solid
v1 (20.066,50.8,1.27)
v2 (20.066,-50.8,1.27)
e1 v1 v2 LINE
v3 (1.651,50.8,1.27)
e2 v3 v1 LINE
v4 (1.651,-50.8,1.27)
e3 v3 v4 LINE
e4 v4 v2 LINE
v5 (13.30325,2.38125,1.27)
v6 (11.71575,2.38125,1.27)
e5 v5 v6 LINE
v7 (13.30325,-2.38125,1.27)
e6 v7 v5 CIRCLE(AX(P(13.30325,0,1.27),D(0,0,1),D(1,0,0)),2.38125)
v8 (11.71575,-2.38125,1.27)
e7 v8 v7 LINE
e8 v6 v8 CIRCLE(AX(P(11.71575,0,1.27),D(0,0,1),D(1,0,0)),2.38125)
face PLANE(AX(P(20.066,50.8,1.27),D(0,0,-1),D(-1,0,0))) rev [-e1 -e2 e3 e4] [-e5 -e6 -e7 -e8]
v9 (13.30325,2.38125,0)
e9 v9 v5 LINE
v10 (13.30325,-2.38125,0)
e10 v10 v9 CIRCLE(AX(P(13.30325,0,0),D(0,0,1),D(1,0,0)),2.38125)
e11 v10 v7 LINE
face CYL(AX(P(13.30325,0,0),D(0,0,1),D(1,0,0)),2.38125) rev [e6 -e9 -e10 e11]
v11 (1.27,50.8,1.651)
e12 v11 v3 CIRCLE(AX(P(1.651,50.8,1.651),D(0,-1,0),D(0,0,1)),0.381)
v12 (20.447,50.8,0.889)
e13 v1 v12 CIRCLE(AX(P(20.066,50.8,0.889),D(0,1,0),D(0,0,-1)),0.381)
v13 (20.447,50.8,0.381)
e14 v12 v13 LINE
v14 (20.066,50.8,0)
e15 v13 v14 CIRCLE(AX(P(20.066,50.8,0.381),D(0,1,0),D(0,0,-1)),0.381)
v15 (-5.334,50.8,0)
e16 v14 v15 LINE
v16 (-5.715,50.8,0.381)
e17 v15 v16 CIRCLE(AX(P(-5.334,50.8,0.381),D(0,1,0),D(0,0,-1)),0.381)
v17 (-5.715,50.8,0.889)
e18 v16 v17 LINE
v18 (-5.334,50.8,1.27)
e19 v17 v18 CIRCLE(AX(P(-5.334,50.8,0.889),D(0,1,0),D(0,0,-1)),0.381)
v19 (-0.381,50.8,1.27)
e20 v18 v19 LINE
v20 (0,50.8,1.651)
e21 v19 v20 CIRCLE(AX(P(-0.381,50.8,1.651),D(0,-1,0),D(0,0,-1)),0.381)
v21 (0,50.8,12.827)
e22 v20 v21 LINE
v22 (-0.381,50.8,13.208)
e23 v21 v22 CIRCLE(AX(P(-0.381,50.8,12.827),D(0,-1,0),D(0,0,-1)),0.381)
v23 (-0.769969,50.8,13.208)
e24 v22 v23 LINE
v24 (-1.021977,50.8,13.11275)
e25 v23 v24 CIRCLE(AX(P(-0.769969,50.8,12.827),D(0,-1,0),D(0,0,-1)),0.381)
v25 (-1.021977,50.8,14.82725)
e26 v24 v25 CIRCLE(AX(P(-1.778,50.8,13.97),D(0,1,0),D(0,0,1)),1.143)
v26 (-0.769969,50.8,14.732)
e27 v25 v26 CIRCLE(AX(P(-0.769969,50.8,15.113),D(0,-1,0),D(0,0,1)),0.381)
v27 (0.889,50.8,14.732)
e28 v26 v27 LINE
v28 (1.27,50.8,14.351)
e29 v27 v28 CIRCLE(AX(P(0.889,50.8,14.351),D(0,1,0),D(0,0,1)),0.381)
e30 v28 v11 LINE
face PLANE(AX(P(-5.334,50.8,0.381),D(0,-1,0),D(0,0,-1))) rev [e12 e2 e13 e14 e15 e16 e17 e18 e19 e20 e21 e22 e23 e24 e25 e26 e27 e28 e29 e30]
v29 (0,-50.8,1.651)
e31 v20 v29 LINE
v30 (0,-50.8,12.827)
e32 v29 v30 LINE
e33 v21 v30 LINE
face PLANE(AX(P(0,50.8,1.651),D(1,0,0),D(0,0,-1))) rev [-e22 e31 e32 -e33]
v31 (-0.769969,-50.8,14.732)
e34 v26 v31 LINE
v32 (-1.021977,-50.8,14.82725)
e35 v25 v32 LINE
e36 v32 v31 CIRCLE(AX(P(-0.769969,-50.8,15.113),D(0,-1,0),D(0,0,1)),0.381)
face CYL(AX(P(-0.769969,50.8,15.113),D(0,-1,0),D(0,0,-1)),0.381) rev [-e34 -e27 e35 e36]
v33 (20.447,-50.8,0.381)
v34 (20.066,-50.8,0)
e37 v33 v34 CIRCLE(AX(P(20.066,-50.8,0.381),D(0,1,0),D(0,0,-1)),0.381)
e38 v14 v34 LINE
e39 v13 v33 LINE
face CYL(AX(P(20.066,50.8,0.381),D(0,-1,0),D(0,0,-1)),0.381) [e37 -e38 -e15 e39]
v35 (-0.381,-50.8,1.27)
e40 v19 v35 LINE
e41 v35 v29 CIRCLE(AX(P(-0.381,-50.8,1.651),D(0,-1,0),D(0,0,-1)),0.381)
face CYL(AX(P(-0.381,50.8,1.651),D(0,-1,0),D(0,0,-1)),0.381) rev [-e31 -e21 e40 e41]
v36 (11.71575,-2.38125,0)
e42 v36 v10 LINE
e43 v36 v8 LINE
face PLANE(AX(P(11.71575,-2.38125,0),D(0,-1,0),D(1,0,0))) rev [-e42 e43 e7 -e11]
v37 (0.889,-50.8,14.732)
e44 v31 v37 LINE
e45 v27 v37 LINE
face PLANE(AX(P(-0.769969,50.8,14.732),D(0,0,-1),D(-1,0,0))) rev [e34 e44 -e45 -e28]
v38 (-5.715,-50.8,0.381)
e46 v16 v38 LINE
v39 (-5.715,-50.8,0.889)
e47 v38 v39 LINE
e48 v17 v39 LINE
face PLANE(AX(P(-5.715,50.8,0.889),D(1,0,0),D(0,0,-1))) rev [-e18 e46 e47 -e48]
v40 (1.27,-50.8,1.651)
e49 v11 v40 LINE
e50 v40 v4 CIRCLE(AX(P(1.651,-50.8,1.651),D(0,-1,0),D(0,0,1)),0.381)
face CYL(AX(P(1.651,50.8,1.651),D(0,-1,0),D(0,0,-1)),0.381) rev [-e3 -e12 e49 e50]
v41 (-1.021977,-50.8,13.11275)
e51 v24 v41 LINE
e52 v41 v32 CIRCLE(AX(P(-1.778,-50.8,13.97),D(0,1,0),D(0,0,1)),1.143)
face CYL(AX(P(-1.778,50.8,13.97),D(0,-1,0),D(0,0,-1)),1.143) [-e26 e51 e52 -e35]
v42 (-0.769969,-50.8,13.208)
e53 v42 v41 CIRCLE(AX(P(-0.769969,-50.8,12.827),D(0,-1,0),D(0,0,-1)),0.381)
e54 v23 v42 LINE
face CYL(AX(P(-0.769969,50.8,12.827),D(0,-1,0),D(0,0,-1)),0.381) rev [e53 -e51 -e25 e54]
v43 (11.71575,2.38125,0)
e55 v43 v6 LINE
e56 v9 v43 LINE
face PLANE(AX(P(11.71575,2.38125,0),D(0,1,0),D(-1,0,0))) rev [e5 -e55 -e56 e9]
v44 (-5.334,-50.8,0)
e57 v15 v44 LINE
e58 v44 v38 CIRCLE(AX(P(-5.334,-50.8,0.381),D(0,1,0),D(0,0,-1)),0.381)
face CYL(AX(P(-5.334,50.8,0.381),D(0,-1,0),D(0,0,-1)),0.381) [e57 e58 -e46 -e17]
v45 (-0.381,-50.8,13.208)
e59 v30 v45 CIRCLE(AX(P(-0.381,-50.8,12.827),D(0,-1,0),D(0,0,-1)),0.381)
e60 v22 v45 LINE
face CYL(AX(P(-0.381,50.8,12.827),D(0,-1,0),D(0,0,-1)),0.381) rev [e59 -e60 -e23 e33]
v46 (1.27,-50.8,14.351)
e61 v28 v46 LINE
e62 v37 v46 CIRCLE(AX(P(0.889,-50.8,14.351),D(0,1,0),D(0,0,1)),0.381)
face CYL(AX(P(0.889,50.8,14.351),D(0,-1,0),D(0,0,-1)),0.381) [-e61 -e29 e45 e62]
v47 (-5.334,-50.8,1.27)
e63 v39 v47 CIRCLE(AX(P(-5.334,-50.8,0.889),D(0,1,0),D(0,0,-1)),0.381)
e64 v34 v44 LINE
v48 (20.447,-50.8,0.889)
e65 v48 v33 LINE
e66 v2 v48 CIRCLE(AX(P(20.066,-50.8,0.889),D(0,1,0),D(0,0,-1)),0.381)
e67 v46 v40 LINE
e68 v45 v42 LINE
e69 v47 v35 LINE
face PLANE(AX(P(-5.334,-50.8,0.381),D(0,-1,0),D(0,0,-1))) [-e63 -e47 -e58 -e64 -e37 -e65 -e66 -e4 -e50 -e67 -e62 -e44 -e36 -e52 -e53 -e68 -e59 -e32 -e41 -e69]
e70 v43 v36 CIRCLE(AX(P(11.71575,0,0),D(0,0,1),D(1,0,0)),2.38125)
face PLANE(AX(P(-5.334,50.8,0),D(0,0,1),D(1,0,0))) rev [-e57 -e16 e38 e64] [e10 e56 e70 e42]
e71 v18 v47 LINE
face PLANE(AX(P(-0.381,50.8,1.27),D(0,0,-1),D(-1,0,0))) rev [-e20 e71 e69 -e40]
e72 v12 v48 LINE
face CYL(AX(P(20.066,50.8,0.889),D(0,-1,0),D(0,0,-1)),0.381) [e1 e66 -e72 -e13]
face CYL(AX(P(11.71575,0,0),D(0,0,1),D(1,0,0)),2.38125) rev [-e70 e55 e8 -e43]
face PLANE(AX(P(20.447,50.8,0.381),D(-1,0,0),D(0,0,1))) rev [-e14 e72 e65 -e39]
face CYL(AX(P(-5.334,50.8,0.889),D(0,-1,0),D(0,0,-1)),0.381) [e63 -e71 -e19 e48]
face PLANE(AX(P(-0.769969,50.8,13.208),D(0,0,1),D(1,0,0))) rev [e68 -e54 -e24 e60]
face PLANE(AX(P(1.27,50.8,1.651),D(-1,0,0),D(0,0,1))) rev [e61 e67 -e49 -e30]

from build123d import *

# Parameters (mm, degrees)
BOSS_EXTRUDE1_DEPTH = 50.8
CUT_EXTRUDE1_DEPTH  = 2.27


with BuildPart() as part:
    # Sketch2 → Boss-Extrude1 (new body, symmetric)
    with BuildSketch(Plane(origin=(0, 0, 0), x_dir=(1, 0, 0), z_dir=(0, 1, 0))):
        with BuildLine():
            Line((-5.334, 0), (20.066, 0))
            ThreePointArc((20.066, 0), (20.335407684, -0.111592316), (20.447, -0.381))
            Line((20.447, -0.381), (20.447, -0.889))
            ThreePointArc((20.447, -0.889), (20.335407684, -1.158407684), (20.066, -1.27))
            Line((20.066, -1.27), (1.651, -1.27))
            ThreePointArc((1.651, -1.27), (1.381592316, -1.381592316), (1.27, -1.651))
            Line((1.27, -1.651), (1.27, -14.351))
            ThreePointArc((1.27, -14.351), (1.158407684, -14.620407684), (0.889, -14.732))
            Line((0.889, -14.732), (-0.76996875, -14.732))
            ThreePointArc((-0.76996875, -14.732), (-0.904672592, -14.756607134), (-1.021976563, -14.82725))
            ThreePointArc((-1.021976563, -14.82725), (-2.921, -13.97), (-1.021976563, -13.11275))
            ThreePointArc((-1.021976563, -13.11275), (-0.904672592, -13.183392866), (-0.76996875, -13.208))
            Line((-0.76996875, -13.208), (-0.381, -13.208))
            ThreePointArc((-0.381, -13.208), (-0.111592316, -13.096407684), (0, -12.827))
            Line((0, -12.827), (0, -1.651))
            ThreePointArc((0, -1.651), (-0.111592316, -1.381592316), (-0.381, -1.27))
            Line((-0.381, -1.27), (-5.334, -1.27))
            ThreePointArc((-5.334, -1.27), (-5.603407684, -1.158407684), (-5.715, -0.889))
            Line((-5.715, -0.889), (-5.715, -0.381))
            ThreePointArc((-5.715, -0.381), (-5.603407684, -0.111592316), (-5.334, 0))
        make_face()
    extrude(amount=BOSS_EXTRUDE1_DEPTH, both=True)

    # Sketch3 → Cut-Extrude1 (cut, through all)
    with BuildSketch(Plane.XY.offset(1.27)):
        with BuildLine():
            Line((11.71575, 2.38125), (13.30325, 2.38125))
            ThreePointArc((13.30325, 2.38125), (15.6845, 0), (13.30325, -2.38125))
            Line((13.30325, -2.38125), (11.71575, -2.38125))
            ThreePointArc((11.71575, -2.38125), (9.3345, 0), (11.71575, 2.38125))
        make_face()
    extrude(amount=-CUT_EXTRUDE1_DEPTH, mode=Mode.SUBTRACT)


solid = part.part
